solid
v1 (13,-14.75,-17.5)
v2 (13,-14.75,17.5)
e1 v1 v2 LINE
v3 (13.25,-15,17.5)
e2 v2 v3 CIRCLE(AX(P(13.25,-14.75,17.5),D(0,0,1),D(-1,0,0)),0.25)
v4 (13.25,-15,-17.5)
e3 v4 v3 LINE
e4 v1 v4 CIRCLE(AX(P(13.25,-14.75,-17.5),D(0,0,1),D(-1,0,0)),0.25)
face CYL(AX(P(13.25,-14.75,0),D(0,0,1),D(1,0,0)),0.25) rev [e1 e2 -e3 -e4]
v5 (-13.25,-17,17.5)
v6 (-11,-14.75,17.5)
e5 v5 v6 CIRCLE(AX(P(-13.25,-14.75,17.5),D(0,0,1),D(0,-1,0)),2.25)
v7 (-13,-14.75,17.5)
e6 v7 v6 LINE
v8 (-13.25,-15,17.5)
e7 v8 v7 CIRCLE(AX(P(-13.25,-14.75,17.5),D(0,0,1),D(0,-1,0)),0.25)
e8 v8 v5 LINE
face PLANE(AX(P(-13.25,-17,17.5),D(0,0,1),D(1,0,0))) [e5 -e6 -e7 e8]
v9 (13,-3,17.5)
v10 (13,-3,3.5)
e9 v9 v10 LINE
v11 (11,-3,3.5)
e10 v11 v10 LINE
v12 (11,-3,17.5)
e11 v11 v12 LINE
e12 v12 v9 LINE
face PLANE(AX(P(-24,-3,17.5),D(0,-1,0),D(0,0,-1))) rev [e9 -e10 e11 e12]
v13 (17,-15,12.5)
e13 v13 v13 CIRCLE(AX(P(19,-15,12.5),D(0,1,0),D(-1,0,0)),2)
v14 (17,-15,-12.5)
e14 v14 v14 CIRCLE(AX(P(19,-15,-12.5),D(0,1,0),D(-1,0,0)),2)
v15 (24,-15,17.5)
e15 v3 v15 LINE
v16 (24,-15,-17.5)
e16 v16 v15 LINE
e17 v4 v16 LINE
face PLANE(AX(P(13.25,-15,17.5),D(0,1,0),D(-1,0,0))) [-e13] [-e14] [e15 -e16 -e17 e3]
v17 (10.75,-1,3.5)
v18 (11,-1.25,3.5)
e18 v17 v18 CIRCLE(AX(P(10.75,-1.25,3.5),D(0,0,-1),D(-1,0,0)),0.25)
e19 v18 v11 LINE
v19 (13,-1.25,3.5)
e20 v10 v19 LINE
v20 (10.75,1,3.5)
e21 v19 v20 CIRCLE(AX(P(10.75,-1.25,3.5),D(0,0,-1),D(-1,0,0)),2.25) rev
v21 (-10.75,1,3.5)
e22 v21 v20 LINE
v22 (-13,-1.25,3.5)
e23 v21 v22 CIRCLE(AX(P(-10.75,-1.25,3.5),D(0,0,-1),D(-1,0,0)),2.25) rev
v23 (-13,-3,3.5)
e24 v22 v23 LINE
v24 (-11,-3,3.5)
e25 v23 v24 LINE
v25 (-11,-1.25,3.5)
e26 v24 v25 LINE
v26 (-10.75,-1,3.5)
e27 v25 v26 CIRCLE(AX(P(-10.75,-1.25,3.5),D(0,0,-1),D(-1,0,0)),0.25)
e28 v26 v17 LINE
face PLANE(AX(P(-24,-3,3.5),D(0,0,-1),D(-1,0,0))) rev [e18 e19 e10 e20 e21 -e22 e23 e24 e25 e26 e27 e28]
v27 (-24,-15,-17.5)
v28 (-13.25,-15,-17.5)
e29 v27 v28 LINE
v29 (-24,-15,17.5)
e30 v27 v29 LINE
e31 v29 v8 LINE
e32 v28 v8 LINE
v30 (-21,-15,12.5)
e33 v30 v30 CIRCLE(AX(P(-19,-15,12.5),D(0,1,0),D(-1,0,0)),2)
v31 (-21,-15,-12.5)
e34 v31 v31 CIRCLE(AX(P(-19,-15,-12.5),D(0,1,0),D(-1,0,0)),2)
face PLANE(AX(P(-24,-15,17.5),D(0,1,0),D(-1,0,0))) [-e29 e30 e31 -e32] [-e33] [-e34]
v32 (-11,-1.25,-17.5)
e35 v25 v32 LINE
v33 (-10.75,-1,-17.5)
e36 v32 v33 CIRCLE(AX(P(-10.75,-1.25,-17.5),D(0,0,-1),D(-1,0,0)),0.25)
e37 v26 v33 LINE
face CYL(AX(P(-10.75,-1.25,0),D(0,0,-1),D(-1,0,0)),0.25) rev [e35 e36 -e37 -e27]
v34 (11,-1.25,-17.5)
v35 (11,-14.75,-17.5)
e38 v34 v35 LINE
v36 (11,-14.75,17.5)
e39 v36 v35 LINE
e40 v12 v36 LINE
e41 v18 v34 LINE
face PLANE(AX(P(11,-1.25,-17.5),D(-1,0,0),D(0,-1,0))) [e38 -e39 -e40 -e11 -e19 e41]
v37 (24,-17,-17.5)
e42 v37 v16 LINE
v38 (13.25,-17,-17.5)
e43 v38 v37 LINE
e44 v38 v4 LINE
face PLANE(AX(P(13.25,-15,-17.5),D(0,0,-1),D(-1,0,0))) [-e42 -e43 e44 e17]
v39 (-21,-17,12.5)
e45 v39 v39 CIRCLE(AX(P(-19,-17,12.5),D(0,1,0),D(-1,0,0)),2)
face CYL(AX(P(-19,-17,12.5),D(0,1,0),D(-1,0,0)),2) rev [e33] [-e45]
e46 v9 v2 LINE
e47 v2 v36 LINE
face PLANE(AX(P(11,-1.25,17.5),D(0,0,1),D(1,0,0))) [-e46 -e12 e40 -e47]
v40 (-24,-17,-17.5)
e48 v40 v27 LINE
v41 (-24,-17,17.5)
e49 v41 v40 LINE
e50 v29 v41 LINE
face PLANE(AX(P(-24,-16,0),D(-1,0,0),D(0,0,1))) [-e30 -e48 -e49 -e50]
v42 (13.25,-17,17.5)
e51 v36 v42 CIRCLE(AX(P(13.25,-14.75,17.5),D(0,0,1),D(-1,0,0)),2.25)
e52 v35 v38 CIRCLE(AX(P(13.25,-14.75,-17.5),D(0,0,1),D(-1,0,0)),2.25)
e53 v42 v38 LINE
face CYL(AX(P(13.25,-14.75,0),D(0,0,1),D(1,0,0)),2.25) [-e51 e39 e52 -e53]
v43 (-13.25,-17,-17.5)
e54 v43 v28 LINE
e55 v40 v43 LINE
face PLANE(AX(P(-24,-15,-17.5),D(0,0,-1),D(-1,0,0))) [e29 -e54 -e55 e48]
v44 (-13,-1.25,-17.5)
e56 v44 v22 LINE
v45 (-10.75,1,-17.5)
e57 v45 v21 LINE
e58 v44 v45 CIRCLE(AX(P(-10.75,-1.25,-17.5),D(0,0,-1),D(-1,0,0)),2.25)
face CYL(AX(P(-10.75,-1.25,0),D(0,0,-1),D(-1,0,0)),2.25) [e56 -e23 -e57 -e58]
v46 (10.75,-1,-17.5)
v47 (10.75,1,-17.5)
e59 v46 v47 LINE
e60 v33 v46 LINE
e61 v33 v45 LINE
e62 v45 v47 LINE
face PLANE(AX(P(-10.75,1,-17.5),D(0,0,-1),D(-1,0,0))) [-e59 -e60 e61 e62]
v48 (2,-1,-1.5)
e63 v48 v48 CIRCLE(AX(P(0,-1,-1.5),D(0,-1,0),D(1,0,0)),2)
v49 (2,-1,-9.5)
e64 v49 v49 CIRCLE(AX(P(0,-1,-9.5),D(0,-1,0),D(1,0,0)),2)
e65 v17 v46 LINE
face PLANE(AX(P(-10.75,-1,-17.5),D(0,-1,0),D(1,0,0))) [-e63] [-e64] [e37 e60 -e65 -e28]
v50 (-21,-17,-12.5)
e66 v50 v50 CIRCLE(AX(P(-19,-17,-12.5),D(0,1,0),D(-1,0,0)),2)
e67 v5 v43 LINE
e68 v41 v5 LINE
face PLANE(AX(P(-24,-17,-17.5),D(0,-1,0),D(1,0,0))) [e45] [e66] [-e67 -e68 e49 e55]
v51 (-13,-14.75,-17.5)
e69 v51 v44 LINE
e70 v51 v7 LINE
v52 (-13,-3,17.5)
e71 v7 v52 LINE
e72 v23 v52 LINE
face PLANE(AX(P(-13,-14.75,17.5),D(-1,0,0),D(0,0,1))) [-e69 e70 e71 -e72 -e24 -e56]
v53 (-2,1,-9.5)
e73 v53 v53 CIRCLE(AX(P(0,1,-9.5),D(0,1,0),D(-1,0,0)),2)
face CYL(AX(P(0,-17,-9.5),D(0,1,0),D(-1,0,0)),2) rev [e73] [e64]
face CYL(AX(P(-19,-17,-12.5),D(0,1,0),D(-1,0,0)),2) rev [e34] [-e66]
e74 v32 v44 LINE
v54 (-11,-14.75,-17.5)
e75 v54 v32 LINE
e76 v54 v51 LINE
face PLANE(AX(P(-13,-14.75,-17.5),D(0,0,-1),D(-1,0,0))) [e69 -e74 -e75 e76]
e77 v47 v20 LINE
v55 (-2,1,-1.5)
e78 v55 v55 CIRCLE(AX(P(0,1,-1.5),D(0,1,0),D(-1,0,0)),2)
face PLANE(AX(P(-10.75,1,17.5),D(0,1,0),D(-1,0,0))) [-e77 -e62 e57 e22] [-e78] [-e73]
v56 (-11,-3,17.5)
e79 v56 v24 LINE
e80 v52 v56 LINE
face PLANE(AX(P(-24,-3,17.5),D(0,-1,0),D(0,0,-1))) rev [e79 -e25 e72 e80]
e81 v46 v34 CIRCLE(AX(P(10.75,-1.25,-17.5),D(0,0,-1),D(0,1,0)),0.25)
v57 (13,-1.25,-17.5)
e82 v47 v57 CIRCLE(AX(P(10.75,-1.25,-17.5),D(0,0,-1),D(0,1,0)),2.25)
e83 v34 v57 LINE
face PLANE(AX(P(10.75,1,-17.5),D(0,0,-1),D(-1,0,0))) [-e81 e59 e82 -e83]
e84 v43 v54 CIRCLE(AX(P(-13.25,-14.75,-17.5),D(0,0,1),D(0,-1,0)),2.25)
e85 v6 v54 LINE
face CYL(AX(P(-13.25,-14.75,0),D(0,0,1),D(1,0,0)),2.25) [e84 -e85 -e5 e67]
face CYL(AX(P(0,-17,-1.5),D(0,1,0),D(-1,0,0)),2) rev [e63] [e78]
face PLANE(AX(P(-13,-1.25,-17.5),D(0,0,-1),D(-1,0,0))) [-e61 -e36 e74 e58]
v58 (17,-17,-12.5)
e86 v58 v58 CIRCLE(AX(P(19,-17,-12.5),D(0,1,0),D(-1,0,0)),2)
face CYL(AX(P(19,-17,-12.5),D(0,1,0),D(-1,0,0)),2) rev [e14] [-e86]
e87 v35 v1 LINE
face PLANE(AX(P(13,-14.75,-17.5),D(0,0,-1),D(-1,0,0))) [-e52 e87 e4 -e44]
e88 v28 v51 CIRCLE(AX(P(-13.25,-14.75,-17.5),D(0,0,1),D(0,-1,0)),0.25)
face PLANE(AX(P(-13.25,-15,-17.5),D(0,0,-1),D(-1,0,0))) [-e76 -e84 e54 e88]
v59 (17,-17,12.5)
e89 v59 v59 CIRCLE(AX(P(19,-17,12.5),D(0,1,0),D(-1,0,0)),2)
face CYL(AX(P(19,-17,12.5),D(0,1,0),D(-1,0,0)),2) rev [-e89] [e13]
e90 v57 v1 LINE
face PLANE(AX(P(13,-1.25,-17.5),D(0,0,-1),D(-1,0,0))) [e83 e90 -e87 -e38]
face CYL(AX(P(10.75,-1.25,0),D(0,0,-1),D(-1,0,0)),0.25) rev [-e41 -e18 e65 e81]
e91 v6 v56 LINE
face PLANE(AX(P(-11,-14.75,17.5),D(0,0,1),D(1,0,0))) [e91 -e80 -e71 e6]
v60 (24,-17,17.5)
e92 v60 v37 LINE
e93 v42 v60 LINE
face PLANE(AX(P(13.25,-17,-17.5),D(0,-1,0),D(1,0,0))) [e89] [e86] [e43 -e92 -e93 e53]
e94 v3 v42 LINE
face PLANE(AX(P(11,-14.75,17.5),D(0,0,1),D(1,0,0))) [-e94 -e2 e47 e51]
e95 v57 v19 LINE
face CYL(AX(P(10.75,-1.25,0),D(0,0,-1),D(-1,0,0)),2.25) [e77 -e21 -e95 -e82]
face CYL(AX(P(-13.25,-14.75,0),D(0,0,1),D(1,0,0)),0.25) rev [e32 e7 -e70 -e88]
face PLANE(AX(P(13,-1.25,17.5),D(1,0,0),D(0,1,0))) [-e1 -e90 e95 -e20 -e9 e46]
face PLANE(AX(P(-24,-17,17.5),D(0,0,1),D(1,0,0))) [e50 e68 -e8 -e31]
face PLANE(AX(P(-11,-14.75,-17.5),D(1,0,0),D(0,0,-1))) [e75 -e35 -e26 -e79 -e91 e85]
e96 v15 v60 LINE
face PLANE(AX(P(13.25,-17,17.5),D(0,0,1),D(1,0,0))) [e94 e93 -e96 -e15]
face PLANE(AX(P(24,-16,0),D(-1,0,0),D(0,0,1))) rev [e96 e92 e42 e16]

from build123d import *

# Parameters (mm, degrees)
SKETCH2_W               = 35
SKETCH2_H               = 2
CUT_EXTRUDE1_DEPTH      = 35.223529917
CUT_EXTRUDE1_DEPTH_BACK = 35.223529917
SKETCH3_W               = 14
SKETCH3_H               = 4
CUT_EXTRUDE2_DEPTH      = 35.731109974
CUT_EXTRUDE2_DEPTH_BACK = 35.731109974
SKETCH4_R               = 2


with BuildPart() as part:
    # Sweep1: sweep along a path in Sketch1
    with BuildLine(Plane.XY) as sweep1_path:
        Line((24, -16), (13.25, -16))
        ThreePointArc((13.25, -16), (12.366116524, -15.633883476), (12, -14.75))
        Line((12, -14.75), (12, -1.25))
        ThreePointArc((12, -1.25), (11.633883476, -0.366116524), (10.75, 0))
        Line((10.75, 0), (-10.75, 0))
        ThreePointArc((-10.75, 0), (-11.633883476, -0.366116524), (-12, -1.25))
        Line((-12, -1.25), (-12, -14.75))
        ThreePointArc((-12, -14.75), (-12.366116524, -15.633883476), (-13.25, -16))
        Line((-13.25, -16), (-24, -16))
    # Sketch2 → Sweep1 (sweep)
    with BuildSketch(Plane(origin=(0, 0, 0), x_dir=(0, 0, -1), z_dir=(1, 0, 0))):
        Rectangle(SKETCH2_W, SKETCH2_H)
    sweep(path=sweep1_path.line)

    # Sketch3 → Cut-Extrude1 (cut, two sides: drawn at the far end of the back side and taken through both)
    with BuildSketch(Plane(origin=(0, 0, 0), x_dir=(0, 0, -1), z_dir=(1, 0, 0)).offset(-CUT_EXTRUDE1_DEPTH_BACK)):
        with Locations((-10.5, -1)):
            Rectangle(SKETCH3_W, SKETCH3_H)
    extrude(amount=CUT_EXTRUDE1_DEPTH + CUT_EXTRUDE1_DEPTH_BACK, mode=Mode.SUBTRACT)

    # Sketch4 → Cut-Extrude2 (cut, two sides: drawn at the far end of the back side and taken through both)
    with BuildSketch(Plane(origin=(0, 1, 0), x_dir=(1, 0, 0), z_dir=(0, 1, 0)).offset(-CUT_EXTRUDE2_DEPTH_BACK)):
        with Locations(Location((0, 1.5, 0), (0, 0, 180))):
            Circle(SKETCH4_R)
        with Locations(Location((0, 9.5, 0), (0, 0, 180))):
            Circle(SKETCH4_R)
        with Locations(Location((-19, 12.5, 0), (0, 0, 180))):
            Circle(SKETCH4_R)
        with Locations(Location((-19, -12.5, 0), (0, 0, 180))):
            Circle(SKETCH4_R)
        with Locations(Location((19, -12.5, 0), (0, 0, 180))):
            Circle(SKETCH4_R)
        with Locations(Location((19, 12.5, 0), (0, 0, 180))):
            Circle(SKETCH4_R)
    extrude(amount=CUT_EXTRUDE2_DEPTH + CUT_EXTRUDE2_DEPTH_BACK, mode=Mode.SUBTRACT)


solid = part.part
